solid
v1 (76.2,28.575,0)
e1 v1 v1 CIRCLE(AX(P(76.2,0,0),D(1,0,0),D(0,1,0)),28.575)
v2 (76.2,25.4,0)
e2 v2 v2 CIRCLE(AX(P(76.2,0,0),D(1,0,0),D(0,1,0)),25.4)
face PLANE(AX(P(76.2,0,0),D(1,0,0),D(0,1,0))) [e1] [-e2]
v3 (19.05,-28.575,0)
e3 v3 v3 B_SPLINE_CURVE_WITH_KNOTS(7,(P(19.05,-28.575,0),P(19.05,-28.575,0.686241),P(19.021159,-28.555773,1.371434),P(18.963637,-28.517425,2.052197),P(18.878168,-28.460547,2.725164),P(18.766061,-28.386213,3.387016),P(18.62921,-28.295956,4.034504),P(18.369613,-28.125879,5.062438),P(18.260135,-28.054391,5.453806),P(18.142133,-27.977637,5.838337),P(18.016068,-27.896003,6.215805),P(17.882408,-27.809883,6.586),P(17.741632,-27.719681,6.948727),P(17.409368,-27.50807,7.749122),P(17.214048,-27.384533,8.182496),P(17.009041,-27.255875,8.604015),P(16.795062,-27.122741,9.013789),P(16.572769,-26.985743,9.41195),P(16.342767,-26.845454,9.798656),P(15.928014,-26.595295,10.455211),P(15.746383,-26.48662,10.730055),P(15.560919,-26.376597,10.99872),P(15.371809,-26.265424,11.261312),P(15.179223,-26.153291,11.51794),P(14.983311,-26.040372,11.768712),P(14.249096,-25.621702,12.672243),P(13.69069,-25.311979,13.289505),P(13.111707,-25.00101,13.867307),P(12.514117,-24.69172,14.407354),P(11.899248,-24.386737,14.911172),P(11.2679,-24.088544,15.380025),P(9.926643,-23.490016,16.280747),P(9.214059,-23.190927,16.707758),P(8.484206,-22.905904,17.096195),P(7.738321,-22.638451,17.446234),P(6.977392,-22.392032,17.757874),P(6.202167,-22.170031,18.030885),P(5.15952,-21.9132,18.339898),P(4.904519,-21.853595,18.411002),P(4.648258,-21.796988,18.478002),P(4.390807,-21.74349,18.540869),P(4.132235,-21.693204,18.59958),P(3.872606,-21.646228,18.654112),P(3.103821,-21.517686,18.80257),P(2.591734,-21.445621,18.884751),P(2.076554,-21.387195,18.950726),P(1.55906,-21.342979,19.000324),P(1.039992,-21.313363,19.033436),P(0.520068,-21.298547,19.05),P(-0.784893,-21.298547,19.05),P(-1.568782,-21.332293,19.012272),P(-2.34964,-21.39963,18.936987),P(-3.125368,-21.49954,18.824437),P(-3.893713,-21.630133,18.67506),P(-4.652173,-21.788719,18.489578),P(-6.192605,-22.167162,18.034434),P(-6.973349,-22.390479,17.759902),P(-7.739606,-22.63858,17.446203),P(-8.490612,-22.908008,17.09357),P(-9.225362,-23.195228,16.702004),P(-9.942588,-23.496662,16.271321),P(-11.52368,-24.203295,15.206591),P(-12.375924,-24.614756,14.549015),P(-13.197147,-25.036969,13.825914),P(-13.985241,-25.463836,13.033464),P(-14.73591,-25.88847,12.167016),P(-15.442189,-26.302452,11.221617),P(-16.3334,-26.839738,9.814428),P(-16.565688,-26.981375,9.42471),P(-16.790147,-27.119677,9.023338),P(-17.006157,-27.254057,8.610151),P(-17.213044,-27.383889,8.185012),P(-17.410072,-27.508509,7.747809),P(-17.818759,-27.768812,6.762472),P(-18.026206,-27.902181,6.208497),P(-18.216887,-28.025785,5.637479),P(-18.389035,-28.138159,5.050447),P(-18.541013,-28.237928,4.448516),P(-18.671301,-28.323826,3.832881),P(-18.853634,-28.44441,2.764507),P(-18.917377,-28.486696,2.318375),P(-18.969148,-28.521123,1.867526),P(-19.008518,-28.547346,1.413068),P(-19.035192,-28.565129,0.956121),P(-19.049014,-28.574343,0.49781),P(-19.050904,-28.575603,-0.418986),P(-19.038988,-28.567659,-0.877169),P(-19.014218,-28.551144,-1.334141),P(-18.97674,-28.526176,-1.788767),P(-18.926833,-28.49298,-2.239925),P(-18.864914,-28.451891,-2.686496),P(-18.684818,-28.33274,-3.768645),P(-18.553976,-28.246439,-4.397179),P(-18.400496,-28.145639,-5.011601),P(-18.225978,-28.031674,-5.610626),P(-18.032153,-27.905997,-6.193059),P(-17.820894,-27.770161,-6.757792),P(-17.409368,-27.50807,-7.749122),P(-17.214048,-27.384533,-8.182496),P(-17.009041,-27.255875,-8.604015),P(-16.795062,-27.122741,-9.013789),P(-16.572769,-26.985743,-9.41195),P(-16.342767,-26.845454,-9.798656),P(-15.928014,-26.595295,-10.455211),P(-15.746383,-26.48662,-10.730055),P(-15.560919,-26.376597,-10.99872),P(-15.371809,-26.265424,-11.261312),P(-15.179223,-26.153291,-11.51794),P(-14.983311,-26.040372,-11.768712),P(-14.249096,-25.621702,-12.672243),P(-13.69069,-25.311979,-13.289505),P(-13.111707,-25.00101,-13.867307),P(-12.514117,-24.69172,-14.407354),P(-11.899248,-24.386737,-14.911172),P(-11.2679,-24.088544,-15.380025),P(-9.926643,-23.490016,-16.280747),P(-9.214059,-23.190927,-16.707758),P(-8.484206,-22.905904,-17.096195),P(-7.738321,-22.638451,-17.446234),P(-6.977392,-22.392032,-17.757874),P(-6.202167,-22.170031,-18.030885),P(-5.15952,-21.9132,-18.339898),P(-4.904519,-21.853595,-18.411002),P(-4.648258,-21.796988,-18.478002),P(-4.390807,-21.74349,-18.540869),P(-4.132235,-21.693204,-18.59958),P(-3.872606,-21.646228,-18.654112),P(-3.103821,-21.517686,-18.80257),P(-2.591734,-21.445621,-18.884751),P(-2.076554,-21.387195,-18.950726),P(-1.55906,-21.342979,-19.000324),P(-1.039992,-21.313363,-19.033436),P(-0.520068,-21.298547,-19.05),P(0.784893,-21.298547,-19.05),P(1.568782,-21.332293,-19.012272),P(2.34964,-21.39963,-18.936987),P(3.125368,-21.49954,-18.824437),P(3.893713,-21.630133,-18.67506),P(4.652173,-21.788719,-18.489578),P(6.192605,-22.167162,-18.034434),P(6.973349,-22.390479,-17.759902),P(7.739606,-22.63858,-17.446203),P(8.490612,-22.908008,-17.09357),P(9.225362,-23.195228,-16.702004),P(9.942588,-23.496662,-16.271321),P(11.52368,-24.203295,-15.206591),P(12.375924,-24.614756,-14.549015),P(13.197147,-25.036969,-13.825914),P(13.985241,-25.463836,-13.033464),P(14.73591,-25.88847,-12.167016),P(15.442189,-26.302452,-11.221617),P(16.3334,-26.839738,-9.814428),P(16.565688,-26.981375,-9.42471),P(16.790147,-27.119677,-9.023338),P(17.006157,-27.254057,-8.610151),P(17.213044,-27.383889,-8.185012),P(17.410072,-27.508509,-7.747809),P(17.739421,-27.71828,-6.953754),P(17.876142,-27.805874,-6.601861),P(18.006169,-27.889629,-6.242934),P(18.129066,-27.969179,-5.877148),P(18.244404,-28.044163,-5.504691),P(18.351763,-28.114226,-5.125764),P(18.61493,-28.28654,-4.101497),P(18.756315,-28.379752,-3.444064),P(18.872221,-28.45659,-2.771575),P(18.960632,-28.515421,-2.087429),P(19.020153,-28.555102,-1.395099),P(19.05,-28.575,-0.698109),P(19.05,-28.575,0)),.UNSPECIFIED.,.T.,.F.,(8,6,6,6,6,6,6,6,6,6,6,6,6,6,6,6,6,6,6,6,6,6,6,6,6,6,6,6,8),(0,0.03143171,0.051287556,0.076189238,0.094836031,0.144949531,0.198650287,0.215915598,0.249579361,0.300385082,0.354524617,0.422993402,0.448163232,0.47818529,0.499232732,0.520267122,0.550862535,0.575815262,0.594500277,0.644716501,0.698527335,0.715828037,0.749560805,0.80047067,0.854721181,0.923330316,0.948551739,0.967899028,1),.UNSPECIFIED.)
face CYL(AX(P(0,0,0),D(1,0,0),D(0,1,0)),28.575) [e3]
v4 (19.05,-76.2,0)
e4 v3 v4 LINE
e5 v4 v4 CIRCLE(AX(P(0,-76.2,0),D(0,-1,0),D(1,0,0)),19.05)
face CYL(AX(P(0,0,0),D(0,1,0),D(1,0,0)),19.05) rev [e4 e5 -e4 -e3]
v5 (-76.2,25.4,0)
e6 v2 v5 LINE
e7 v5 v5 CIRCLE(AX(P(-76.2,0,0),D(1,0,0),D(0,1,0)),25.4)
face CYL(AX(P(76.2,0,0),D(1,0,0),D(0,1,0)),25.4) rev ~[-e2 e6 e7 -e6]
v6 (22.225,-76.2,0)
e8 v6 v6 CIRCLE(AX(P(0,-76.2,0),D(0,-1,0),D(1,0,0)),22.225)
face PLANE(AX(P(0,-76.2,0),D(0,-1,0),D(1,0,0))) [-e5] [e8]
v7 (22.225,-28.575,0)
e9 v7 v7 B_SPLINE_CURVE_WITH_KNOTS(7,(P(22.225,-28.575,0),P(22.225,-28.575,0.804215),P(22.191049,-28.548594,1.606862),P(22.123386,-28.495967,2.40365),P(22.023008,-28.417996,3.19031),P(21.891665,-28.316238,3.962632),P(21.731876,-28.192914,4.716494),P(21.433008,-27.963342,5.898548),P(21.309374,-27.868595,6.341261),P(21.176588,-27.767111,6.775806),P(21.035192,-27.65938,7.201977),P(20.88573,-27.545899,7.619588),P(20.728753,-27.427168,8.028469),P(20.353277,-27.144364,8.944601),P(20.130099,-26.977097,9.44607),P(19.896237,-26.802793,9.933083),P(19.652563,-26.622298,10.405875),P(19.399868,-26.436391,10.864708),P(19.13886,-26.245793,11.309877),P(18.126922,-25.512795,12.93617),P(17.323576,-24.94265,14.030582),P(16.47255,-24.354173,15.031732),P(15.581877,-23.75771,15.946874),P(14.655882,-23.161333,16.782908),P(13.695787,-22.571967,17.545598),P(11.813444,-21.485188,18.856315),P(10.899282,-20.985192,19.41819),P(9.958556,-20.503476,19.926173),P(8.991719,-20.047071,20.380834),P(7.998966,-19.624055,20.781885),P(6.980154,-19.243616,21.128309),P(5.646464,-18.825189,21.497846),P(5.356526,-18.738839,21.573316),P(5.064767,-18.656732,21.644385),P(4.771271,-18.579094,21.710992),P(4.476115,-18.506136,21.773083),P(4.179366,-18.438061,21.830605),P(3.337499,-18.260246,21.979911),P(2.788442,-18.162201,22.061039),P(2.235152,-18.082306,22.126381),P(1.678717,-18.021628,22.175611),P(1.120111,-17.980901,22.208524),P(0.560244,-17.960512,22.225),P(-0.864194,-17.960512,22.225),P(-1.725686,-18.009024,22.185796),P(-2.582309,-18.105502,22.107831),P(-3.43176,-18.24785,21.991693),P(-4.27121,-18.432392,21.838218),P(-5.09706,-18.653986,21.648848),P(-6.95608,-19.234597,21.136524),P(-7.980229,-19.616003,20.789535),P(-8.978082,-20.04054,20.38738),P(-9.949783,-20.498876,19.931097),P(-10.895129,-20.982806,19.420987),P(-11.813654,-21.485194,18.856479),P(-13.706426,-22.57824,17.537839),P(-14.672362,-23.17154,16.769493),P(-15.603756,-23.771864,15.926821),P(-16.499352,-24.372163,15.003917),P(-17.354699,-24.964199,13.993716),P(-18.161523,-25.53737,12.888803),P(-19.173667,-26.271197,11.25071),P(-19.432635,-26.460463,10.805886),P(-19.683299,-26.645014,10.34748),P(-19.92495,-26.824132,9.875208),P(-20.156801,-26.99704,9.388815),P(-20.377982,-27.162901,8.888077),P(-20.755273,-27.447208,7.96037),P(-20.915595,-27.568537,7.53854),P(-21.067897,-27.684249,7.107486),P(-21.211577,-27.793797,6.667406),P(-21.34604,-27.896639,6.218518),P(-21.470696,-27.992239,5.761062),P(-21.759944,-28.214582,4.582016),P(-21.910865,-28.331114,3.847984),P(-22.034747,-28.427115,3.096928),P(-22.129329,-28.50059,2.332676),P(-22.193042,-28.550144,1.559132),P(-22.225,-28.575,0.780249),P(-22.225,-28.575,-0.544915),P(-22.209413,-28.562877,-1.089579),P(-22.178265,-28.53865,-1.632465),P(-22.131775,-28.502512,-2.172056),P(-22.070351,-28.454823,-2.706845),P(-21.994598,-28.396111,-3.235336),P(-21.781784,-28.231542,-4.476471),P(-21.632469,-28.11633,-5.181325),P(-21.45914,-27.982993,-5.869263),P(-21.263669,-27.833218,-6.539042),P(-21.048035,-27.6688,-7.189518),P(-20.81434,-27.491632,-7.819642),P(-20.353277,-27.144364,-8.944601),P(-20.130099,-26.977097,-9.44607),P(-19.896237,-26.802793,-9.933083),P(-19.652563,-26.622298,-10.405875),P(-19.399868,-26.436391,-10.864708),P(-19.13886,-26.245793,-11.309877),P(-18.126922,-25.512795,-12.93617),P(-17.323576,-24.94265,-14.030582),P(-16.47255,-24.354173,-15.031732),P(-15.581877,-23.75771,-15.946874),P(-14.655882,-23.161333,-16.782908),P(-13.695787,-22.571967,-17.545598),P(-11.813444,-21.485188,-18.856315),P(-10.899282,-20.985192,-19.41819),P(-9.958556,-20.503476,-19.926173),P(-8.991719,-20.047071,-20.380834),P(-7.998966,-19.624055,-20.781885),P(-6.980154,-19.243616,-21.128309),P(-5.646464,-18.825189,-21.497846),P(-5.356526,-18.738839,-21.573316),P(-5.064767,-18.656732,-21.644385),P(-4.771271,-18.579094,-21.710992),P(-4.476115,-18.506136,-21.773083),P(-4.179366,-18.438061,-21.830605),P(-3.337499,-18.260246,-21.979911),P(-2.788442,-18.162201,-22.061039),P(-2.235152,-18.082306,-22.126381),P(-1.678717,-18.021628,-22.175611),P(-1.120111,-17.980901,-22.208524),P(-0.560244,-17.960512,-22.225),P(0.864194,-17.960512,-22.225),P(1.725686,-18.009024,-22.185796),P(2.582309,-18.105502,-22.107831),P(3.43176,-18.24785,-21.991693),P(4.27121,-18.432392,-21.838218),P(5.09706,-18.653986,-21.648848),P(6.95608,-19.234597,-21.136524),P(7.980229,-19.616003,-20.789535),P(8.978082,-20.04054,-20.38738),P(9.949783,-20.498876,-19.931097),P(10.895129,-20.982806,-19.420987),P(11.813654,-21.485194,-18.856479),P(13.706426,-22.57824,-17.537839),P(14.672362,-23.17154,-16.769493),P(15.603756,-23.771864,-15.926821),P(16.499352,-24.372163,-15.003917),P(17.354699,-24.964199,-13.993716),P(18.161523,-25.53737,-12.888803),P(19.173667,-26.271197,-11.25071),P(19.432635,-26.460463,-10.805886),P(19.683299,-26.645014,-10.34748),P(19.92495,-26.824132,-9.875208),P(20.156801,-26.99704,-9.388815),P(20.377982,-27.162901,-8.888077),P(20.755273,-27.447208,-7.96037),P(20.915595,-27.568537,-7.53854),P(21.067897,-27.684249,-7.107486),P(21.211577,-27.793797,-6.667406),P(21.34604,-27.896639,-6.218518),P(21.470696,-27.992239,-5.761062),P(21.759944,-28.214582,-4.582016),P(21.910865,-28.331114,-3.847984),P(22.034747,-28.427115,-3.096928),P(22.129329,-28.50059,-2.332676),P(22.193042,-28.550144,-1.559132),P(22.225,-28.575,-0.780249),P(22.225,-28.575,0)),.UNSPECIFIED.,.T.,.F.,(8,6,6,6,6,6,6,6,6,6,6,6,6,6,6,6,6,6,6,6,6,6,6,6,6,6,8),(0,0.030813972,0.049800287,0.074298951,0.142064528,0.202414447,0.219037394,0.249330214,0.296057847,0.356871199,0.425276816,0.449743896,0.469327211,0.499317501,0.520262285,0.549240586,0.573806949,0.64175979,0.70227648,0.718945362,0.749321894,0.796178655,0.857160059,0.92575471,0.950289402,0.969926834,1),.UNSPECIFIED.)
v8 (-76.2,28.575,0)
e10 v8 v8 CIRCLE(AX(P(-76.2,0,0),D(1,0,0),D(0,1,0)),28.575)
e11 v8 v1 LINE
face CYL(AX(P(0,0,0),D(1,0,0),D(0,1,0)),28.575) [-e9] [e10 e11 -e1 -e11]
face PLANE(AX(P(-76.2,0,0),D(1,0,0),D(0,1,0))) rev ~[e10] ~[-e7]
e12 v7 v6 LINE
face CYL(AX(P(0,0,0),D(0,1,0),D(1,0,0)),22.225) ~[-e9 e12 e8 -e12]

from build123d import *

# Parameters (mm, degrees)
F0_R          = 28.575
F1_DEPTH      = 76.2
F1_DEPTH_BACK = 76.2
F2_R          = 22.225
F2_R_2        = 19.05
F3_DEPTH      = 76.2
F4_R          = 25.4
F5_DEPTH      = 152.4


with BuildPart() as f1:
    # F0 (on Right) → F1 (new body, two sides)
    with BuildSketch(Plane.YZ) as f1_sk:
        Circle(F0_R)
    extrude(amount=F1_DEPTH)
    extrude(f1_sk.sketch, amount=-F1_DEPTH_BACK)

    # F2 (on Front) → F3 (join)
    with BuildSketch(Plane.XZ):
        Circle(F2_R)
        Circle(F2_R_2, mode=Mode.SUBTRACT)
    extrude(amount=F3_DEPTH)

    # F4 (on face) → F5 (cut)
    with BuildSketch(Plane.YZ.offset(76.2)):
        Circle(F4_R)
    extrude(amount=-F5_DEPTH, mode=Mode.SUBTRACT)


solid = f1.part
